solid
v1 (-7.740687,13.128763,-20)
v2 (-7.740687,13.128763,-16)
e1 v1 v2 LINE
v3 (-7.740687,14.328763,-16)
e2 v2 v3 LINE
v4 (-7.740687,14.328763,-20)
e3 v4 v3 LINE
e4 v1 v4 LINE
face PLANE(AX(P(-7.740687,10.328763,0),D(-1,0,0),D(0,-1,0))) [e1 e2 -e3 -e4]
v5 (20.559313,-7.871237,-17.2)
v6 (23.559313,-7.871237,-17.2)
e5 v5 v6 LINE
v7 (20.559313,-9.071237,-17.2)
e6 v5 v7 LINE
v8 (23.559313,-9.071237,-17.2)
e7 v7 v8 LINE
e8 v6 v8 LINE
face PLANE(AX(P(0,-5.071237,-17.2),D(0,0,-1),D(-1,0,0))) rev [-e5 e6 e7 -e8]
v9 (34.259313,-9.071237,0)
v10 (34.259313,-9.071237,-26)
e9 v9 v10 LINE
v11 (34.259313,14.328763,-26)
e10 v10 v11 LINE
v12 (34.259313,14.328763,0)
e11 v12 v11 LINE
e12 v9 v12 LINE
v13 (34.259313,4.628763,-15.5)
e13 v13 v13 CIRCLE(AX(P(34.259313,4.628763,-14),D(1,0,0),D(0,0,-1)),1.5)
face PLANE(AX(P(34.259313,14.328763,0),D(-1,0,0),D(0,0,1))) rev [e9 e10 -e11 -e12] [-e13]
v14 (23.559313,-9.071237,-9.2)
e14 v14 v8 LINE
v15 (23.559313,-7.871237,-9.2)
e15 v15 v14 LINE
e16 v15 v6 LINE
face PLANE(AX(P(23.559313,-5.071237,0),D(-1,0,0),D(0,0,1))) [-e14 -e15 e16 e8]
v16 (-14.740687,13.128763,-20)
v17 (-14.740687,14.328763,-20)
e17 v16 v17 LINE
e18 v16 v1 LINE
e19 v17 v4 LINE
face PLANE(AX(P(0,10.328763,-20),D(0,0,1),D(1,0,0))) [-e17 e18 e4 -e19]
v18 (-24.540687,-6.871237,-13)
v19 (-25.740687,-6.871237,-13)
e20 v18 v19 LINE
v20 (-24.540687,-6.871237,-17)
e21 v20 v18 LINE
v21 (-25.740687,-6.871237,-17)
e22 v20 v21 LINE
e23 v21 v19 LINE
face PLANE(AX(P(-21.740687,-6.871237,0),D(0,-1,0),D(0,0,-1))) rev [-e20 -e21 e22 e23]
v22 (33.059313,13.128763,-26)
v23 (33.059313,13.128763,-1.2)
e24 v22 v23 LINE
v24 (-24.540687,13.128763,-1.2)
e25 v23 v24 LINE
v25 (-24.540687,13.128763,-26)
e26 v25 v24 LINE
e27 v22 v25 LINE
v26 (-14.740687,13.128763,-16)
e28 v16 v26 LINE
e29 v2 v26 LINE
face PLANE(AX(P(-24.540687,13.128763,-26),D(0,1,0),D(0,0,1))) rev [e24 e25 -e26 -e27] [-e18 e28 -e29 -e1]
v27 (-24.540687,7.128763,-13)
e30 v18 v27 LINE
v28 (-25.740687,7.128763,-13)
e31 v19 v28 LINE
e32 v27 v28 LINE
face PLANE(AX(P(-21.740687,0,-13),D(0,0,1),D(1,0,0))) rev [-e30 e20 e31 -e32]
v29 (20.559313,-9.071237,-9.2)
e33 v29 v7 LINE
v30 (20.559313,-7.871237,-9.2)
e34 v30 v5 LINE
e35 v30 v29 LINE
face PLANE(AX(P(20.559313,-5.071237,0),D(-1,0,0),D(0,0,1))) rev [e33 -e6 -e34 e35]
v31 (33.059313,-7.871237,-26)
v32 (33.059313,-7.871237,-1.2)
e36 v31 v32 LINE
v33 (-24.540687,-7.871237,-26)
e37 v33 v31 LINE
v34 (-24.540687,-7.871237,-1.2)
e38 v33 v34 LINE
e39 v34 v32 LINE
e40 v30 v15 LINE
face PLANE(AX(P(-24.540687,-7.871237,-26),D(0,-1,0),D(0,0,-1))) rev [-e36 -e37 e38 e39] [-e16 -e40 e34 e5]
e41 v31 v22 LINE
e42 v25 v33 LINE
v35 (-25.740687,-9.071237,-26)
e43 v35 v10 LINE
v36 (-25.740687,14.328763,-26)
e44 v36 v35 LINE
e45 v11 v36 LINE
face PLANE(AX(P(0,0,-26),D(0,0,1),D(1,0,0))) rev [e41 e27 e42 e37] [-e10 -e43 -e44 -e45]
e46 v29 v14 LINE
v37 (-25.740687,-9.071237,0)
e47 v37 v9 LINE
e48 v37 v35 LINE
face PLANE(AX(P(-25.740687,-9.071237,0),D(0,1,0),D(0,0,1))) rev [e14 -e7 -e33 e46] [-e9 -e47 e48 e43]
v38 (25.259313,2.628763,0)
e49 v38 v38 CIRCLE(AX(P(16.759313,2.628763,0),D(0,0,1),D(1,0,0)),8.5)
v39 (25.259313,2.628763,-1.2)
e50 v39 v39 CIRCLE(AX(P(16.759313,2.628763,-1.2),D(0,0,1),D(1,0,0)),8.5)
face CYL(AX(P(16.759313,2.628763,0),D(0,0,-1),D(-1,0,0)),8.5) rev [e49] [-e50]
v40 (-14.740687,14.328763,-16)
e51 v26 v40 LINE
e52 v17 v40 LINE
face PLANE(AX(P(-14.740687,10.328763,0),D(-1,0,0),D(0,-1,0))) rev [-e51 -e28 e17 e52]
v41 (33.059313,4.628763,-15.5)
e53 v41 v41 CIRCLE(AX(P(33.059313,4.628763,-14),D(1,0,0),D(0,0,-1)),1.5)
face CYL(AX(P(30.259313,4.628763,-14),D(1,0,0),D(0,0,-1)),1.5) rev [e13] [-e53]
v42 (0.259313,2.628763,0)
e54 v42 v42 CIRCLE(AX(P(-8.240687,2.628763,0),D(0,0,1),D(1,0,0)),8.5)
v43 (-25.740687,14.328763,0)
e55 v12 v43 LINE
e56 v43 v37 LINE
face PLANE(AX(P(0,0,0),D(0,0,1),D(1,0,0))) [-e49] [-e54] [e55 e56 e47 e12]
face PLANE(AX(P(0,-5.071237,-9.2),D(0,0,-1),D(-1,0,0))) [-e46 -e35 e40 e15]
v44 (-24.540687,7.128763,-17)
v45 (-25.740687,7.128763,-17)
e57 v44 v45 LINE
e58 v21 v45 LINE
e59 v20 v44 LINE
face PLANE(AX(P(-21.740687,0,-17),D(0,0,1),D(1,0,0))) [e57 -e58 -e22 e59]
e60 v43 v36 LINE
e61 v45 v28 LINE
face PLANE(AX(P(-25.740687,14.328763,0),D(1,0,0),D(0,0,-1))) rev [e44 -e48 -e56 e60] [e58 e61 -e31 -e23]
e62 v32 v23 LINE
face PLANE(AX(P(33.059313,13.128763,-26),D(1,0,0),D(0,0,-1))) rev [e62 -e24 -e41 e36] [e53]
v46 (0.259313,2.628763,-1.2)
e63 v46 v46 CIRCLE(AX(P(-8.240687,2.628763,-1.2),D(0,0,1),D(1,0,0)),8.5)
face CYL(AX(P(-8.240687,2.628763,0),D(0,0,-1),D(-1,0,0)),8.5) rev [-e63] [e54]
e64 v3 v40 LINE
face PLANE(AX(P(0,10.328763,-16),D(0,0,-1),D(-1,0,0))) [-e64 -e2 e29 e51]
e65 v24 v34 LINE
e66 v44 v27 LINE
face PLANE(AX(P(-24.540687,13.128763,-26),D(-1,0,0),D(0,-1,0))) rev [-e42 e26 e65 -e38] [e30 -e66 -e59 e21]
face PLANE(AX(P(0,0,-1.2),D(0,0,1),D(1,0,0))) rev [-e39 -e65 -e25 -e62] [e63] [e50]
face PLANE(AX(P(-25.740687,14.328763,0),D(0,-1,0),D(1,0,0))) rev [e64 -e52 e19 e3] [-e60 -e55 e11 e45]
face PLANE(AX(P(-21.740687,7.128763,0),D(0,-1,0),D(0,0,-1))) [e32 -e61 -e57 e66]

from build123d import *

# Parameters (mm, degrees)
F_3DSKETCH1_R       = 8.5
BOSS_EXTRUDE3_DEPTH = 1.2
SKETCH3_W           = 60
SKETCH3_H           = 23.4
SKETCH3_W_2         = 57.6
SKETCH3_H_2         = 21
BOSS_EXTRUDE4_DEPTH = 26
SKETCH6_W           = 3
SKETCH6_H           = 8
CUT_EXTRUDE1_DEPTH  = 4
SKETCH7_W           = 7
SKETCH7_H           = 4
CUT_EXTRUDE2_DEPTH  = 4
CUT_EXTRUDE4_DEPTH  = 4
SKETCH10_W          = 4
SKETCH10_H          = 4.5
SKETCH10_H_2        = 9.5
CUT_EXTRUDE5_DEPTH  = 4


with BuildPart() as part:
    # 3DSketch1 → Boss-Extrude3 (new body)
    with BuildSketch(Plane(origin=(-25.740687228, -9.071236551, 0), x_dir=(0.9316545551067793, 0.3633452764916439, 0), z_dir=(0, 0, -1))):
        Polygon((0, 0), (55.899273306, 21.800716589), (64.401552776, 0), (8.50227947, -21.800716589), align=None)
        with Locations(Location((20.555094449, -4.541815956, 0), (0, 0, 21.305783618))):
            Circle(F_3DSKETCH1_R, mode=Mode.SUBTRACT)
        with Locations(Location((43.846458327, 4.541815956, 0), (0, 0, 21.305783618))):
            Circle(F_3DSKETCH1_R, mode=Mode.SUBTRACT)
    extrude(amount=BOSS_EXTRUDE3_DEPTH)

    # Sketch3 → Boss-Extrude4 (add)
    with BuildSketch(Plane.XY):
        with Locations((4.259312772, 2.628763449)):
            Rectangle(SKETCH3_W, SKETCH3_H)
        with Locations((4.259312772, 2.628763449)):
            Rectangle(SKETCH3_W_2, SKETCH3_H_2, mode=Mode.SUBTRACT)
    extrude(amount=-BOSS_EXTRUDE4_DEPTH)

    # Sketch6 → Cut-Extrude1 (cut)
    with BuildSketch(Plane.XZ.offset(9.071236551)):
        with Locations((22.059312772, -13.2)):
            Rectangle(SKETCH6_W, SKETCH6_H)
    extrude(amount=-CUT_EXTRUDE1_DEPTH, mode=Mode.SUBTRACT)

    # Sketch7 → Cut-Extrude2 (cut)
    with BuildSketch(Plane(origin=(0, 14.328763449, 0), x_dir=(1, 0, 0), z_dir=(0, 1, 0))):
        with Locations((-11.240687228, 18)):
            Rectangle(SKETCH7_W, SKETCH7_H)
    extrude(amount=-CUT_EXTRUDE2_DEPTH, mode=Mode.SUBTRACT)

    # Sketch9 → Cut-Extrude4 (cut)
    with BuildSketch(Plane(origin=(34.259312772, 0, 0), x_dir=(0, 0, -1), z_dir=(1, 0, 0))):
        with BuildLine():
            Line((12.5, 4.628763449), (14, 4.628763449))
            Line((14, 4.628763449), (15.5, 4.628763449))
            ThreePointArc((15.5, 4.628763449), (14, 6.128763449), (12.5, 4.628763449))
        make_face()
        with BuildLine():
            Line((15.5, 4.628763449), (14, 4.628763449))
            Line((14, 4.628763449), (12.5, 4.628763449))
            ThreePointArc((12.5, 4.628763449), (14, 3.128763449), (15.5, 4.628763449))
        make_face()
    extrude(amount=-CUT_EXTRUDE4_DEPTH, mode=Mode.SUBTRACT)

    # Sketch10 → Cut-Extrude5 (cut)
    with BuildSketch(Plane.ZY.offset(25.740687228)):
        with Locations((-15, 4.878763449)):
            Rectangle(SKETCH10_W, SKETCH10_H)
        with Locations((-15, -2.121236551)):
            Rectangle(SKETCH10_W, SKETCH10_H_2)
    extrude(amount=-CUT_EXTRUDE5_DEPTH, mode=Mode.SUBTRACT)


solid = part.part
